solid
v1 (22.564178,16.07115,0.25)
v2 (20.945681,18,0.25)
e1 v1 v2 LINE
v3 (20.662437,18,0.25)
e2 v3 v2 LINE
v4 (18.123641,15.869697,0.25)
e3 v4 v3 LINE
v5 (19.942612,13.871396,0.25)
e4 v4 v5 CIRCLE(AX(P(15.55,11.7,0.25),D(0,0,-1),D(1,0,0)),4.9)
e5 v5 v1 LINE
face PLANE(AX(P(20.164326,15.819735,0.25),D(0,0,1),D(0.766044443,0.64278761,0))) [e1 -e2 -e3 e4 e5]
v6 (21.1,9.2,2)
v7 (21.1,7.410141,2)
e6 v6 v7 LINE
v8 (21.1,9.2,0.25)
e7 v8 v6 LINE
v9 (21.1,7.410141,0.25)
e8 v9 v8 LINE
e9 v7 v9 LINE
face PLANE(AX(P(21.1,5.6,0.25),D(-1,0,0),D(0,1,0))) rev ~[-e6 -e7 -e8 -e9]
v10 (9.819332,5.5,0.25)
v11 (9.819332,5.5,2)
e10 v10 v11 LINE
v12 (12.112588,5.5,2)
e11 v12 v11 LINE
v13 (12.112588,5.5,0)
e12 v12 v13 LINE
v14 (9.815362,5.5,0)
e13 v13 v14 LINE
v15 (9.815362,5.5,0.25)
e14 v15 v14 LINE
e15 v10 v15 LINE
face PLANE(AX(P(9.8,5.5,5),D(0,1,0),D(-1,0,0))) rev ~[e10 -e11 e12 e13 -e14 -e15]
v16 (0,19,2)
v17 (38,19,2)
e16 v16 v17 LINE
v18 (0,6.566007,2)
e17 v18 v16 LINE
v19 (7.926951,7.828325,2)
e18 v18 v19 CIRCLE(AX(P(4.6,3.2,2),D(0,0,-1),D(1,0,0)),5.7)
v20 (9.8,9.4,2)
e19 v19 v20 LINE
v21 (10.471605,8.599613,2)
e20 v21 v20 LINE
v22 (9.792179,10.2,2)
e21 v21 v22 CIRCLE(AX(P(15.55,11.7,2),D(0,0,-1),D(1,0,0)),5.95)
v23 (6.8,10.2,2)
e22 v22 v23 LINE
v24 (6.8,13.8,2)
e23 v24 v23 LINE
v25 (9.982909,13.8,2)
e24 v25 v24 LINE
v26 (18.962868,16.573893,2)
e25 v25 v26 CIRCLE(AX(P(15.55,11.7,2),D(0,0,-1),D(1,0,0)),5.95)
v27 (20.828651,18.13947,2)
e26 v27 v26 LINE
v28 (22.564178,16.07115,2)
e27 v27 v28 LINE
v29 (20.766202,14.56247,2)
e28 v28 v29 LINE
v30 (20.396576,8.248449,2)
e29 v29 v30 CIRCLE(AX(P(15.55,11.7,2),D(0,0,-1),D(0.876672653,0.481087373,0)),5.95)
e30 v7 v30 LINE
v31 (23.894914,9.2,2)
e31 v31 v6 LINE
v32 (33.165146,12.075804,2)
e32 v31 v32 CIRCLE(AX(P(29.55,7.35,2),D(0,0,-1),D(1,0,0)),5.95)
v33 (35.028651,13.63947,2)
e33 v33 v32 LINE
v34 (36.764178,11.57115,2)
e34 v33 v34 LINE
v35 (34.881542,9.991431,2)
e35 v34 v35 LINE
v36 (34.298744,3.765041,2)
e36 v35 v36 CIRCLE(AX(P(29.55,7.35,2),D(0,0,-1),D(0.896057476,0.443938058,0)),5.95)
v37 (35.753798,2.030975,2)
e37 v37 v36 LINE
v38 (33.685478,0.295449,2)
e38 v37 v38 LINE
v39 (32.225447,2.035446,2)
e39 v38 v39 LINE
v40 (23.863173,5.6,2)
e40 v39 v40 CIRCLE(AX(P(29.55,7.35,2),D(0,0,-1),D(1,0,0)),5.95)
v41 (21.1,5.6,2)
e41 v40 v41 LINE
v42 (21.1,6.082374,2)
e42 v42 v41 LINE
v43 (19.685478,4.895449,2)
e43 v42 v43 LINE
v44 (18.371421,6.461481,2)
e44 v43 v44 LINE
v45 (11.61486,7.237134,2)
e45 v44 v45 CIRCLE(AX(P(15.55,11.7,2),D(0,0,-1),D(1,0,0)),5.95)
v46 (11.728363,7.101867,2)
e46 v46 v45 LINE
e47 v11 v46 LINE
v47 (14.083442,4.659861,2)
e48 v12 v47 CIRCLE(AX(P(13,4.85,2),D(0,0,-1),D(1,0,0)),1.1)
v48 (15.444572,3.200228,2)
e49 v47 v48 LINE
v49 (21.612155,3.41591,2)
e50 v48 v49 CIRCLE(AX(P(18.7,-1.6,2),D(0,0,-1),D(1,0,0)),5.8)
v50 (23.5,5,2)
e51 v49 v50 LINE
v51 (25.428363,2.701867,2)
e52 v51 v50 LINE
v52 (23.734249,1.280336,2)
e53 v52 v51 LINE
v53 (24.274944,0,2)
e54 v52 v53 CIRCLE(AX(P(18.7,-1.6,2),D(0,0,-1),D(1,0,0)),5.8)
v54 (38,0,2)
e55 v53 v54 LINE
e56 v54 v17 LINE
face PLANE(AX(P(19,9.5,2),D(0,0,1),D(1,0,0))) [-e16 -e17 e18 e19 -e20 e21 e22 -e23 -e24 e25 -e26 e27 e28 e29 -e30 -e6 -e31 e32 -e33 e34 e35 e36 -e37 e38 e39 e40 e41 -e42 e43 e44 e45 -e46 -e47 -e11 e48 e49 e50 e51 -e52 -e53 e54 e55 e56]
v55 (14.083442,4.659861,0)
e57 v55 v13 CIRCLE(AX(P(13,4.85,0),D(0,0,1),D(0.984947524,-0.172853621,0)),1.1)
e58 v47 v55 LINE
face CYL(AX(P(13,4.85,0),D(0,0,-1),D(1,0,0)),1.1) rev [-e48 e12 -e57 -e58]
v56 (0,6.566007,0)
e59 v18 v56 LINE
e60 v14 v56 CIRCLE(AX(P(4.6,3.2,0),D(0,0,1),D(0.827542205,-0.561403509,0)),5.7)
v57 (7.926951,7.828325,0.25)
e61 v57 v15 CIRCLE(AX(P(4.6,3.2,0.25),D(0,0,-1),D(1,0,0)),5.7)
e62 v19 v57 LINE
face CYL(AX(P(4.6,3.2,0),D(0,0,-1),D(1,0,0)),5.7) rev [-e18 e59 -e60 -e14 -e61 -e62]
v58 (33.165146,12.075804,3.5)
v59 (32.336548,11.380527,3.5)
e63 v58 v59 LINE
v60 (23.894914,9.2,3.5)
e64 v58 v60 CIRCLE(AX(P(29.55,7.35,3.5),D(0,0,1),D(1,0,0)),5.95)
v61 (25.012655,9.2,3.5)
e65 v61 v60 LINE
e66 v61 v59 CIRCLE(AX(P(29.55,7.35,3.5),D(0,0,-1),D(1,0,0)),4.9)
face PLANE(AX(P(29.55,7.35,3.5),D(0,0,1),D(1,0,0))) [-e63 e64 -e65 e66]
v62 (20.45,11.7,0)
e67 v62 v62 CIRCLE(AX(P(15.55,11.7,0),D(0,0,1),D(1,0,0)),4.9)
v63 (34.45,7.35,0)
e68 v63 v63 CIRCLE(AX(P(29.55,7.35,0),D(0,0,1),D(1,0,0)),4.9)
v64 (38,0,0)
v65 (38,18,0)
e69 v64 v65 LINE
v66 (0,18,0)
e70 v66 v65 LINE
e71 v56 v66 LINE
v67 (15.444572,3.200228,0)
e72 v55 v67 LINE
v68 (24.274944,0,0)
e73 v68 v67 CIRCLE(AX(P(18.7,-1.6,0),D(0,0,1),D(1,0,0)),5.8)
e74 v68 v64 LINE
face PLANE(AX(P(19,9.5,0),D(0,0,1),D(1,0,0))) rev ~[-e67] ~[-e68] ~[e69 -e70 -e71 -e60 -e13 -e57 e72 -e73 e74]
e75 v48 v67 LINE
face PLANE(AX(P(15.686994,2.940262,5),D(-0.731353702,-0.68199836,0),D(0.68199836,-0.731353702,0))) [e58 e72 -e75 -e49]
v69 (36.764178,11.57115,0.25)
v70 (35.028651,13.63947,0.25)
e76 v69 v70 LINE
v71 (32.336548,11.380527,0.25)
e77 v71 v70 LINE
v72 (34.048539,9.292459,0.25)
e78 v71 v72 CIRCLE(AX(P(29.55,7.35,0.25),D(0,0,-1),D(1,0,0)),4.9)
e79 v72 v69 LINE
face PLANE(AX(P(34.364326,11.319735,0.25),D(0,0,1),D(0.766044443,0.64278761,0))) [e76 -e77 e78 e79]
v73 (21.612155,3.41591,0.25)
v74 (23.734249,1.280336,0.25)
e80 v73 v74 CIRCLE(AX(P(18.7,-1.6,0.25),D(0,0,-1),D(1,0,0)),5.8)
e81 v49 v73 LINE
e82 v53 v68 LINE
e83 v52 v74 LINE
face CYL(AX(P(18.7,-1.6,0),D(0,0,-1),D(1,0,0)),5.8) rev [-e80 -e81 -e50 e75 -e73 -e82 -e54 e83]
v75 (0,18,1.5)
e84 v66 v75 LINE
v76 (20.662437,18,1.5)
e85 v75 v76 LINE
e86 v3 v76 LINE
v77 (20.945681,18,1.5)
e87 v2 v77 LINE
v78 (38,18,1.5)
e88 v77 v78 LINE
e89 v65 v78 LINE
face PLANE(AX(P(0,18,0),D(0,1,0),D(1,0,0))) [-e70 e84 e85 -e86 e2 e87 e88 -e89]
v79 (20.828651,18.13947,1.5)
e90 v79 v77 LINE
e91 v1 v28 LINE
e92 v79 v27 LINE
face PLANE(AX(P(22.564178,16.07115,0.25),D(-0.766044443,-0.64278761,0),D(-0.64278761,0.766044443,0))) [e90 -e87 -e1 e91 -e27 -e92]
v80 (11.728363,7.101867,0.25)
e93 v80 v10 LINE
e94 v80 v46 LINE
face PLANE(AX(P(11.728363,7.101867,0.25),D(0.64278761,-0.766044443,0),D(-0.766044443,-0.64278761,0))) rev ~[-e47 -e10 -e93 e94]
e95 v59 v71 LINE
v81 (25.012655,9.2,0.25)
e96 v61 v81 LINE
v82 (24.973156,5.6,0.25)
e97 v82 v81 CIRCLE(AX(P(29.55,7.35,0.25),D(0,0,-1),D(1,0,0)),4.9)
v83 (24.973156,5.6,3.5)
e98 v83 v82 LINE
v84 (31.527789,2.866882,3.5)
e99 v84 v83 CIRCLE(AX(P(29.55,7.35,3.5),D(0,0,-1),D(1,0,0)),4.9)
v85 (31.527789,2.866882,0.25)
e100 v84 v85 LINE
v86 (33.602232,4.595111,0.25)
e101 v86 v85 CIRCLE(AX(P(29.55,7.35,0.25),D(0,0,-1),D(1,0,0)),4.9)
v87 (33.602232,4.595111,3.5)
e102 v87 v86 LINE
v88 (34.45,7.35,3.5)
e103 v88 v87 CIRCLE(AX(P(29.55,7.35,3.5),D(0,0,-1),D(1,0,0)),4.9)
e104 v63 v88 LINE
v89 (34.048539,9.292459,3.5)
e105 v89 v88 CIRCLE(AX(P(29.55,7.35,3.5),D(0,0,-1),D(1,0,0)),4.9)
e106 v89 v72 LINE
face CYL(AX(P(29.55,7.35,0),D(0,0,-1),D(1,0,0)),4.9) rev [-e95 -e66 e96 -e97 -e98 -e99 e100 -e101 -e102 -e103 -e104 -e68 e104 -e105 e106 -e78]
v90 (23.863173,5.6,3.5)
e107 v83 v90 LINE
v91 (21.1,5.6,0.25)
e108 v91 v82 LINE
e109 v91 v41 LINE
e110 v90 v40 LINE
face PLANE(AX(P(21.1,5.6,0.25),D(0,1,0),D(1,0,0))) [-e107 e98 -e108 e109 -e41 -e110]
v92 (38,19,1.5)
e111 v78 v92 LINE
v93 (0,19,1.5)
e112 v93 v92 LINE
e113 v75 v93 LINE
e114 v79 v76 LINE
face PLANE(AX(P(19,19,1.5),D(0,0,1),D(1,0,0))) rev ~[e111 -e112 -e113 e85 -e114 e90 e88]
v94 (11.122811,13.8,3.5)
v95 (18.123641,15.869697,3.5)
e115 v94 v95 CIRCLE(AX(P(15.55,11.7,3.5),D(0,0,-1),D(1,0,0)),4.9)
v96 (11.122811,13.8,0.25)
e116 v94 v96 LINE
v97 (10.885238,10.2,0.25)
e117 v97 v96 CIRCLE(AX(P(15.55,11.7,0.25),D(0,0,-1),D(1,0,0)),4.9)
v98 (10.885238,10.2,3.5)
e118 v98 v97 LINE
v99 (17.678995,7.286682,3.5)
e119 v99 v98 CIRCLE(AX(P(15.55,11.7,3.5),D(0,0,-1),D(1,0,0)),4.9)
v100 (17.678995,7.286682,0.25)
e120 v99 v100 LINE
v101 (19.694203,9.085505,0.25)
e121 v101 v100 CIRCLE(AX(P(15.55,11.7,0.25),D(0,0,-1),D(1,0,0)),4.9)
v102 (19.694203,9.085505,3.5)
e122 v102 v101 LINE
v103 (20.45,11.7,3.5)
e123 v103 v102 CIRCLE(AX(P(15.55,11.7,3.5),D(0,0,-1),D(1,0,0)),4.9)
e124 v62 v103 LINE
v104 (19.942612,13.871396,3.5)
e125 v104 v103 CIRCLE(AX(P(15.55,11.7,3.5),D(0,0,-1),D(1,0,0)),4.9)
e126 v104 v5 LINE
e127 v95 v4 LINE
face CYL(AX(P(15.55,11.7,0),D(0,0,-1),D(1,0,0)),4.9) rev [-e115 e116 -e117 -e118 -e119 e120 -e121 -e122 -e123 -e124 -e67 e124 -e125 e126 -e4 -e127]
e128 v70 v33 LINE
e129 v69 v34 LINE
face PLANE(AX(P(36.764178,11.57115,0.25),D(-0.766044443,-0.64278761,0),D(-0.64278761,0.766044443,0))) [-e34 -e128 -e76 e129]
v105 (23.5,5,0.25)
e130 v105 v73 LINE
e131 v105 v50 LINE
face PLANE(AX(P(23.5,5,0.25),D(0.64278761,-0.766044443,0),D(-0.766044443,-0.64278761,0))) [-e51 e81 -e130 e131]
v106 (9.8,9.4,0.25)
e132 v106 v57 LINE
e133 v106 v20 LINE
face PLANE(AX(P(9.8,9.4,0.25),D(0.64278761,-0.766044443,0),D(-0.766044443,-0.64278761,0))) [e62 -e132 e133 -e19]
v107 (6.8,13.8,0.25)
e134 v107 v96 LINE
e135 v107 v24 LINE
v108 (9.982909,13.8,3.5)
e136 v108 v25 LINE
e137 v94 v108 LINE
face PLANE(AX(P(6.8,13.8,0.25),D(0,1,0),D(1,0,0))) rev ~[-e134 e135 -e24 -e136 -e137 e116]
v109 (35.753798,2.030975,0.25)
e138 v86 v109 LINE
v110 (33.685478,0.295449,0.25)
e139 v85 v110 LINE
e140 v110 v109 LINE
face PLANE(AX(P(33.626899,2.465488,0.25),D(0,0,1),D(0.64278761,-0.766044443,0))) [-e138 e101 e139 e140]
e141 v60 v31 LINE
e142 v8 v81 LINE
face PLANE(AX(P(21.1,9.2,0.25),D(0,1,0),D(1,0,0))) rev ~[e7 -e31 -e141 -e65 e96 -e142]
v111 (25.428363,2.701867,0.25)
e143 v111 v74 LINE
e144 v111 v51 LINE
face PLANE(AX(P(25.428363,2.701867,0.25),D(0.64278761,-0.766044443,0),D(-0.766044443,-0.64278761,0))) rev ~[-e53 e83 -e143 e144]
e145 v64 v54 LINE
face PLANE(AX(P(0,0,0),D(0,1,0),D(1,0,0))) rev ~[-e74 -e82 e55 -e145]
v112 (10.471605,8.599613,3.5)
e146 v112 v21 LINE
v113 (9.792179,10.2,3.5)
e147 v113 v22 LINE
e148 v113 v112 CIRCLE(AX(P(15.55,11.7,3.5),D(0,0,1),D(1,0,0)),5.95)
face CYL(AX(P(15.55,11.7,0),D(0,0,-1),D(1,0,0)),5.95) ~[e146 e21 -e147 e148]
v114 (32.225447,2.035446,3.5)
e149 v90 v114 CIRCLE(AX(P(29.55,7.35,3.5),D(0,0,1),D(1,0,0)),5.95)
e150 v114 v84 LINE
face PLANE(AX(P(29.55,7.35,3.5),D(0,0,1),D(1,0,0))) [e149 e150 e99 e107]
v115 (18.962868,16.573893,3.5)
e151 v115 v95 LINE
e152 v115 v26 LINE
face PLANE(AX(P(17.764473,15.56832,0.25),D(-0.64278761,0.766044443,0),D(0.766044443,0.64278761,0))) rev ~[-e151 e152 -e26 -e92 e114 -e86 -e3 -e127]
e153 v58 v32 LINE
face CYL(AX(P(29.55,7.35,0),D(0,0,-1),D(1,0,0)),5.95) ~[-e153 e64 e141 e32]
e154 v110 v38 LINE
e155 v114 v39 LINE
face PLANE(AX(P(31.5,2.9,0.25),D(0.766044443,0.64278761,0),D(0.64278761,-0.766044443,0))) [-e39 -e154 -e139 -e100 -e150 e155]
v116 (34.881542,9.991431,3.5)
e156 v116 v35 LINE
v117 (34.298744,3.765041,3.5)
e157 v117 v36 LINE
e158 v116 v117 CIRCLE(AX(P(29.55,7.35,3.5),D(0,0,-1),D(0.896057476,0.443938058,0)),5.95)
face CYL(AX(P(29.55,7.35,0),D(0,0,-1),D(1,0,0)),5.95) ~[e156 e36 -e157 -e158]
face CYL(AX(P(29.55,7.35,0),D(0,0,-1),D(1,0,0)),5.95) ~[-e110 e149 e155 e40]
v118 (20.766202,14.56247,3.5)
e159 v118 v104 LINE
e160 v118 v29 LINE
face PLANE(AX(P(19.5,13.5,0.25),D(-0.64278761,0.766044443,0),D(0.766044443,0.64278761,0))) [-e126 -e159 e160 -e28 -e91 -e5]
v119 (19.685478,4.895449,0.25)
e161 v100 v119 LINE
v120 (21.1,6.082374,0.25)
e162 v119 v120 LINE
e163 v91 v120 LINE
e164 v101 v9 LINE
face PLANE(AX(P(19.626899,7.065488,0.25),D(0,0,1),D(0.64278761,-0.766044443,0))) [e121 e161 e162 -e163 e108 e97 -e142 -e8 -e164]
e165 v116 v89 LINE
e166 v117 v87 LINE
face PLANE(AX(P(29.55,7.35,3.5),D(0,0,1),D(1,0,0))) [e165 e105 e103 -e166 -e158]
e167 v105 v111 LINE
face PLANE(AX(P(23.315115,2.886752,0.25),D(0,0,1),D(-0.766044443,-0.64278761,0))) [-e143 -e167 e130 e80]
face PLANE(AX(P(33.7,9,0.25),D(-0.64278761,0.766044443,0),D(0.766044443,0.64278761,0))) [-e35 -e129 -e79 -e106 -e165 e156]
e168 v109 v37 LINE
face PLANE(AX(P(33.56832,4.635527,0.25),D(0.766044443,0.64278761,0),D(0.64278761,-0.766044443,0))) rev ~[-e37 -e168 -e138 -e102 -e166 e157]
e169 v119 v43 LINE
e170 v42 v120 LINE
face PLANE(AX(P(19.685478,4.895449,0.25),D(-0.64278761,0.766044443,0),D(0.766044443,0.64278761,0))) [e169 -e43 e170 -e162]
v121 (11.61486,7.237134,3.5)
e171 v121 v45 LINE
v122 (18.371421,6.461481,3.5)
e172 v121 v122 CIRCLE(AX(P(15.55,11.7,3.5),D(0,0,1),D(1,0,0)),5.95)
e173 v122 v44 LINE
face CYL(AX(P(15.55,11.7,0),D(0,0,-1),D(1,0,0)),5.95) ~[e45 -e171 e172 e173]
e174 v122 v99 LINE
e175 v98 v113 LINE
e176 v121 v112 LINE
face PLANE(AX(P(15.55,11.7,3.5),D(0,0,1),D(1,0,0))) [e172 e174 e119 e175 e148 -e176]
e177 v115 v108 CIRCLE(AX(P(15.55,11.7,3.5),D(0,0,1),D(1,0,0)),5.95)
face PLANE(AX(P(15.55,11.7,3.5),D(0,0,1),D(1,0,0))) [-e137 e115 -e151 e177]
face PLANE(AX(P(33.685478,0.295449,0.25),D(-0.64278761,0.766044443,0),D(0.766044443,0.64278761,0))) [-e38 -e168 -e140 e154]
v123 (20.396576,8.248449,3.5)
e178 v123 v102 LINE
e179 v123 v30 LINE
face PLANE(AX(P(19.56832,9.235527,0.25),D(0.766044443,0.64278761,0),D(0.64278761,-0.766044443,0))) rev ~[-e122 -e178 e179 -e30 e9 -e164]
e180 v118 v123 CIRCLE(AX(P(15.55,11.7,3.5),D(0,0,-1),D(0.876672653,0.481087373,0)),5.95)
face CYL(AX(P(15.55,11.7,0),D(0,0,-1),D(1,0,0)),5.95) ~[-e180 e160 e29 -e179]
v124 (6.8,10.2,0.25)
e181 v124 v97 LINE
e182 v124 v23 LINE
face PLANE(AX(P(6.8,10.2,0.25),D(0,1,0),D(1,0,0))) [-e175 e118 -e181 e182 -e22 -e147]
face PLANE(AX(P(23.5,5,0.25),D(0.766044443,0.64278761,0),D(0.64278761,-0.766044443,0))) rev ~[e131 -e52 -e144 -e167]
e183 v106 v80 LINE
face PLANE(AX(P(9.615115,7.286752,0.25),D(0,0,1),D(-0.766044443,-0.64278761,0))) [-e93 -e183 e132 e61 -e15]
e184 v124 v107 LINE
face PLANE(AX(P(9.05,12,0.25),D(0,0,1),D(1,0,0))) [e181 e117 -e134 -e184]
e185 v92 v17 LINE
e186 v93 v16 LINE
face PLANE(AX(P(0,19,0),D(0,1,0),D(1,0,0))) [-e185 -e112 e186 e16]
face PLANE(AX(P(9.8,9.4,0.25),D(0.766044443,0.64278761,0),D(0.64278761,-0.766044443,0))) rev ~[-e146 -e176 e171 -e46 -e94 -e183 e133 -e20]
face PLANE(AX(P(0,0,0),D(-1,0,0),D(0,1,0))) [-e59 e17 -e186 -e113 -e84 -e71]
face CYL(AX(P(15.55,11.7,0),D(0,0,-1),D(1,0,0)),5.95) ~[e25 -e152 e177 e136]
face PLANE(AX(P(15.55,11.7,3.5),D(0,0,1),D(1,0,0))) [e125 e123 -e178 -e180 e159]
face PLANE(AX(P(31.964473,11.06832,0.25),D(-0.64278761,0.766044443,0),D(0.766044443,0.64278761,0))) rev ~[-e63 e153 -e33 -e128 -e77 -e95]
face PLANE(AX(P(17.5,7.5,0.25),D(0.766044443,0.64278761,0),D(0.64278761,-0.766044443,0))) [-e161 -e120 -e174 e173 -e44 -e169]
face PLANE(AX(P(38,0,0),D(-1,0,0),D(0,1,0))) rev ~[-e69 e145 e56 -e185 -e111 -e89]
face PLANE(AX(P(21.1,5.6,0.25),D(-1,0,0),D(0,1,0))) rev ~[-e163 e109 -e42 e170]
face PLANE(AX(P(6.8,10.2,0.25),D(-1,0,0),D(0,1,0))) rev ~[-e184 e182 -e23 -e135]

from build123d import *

# Parameters (mm, degrees)
CYLINDER009_R          = 1.1
CYLINDER009_DEPTH      = 10
CYLINDER008_W          = 7
CYLINDER008_H          = 10
CYLINDER008_ANGLE      = 133
BOX008_W               = 4.5
BOX008_H               = 3.6
BOX008_DEPTH           = 10
BOX009_W               = 4.5
BOX009_H               = 3.6
BOX009_DEPTH           = 10
BOX005_W               = 3.4
BOX005_H               = 2.7
BOX005_DEPTH           = 3.5
BOX005_PLACEMENT_ANGLE = 50
BOX006_W               = 4
BOX006_H               = 2.7
BOX006_DEPTH           = 3.5
BOX006_PLACEMENT_ANGLE = 40
BOX004_W               = 3
BOX004_H               = 3
BOX004_DEPTH           = 3.5
BOX004_PLACEMENT_ANGLE = 220
BOX003_W               = 3
BOX003_H               = 3
BOX003_DEPTH           = 3.5
BOX003_PLACEMENT_ANGLE = 220
BOX001_W               = 3.4
BOX001_H               = 2.7
BOX001_DEPTH           = 3.5
BOX001_PLACEMENT_ANGLE = 50
BOX002_W               = 4
BOX002_H               = 2.7
BOX002_DEPTH           = 3.5
BOX002_PLACEMENT_ANGLE = 40
CYLINDER003_R          = 4.9
CYLINDER003_DEPTH      = 10
CYLINDER002_R          = 5.8
CYLINDER002_DEPTH      = 10
CYLINDER001_R          = 4.9
CYLINDER001_DEPTH      = 10
CYLINDER_R             = 5.7
CYLINDER_DEPTH         = 10
BOX007_W               = 38
BOX007_H               = 2
BOX007_DEPTH           = 1.5
CYLINDER004_R          = 5.95
CYLINDER004_DEPTH      = 3.5
BOX_W                  = 38
BOX_H                  = 19
BOX_DEPTH              = 2
CYLINDER005_R          = 5.95
CYLINDER005_DEPTH      = 3.5


with BuildPart() as cylinder009:
    # Cylinder009 → Cylinder009 (new body)
    with BuildSketch(Plane(origin=(13, 4.85, 0), x_dir=(1, 0, 0), z_dir=(0, 0, 1))):
        Circle(CYLINDER009_R)
    extrude(amount=CYLINDER009_DEPTH)


with BuildPart() as fusion002:
    # Cylinder008 → Cylinder008 (revolve)
    with BuildSketch(Plane(origin=(13.3, 5.5, 0), x_dir=(-1, 0, 0), z_dir=(0, 1, 0))):
        with Locations((3.5, 5)):
            Rectangle(CYLINDER008_W, CYLINDER008_H)
    revolve(axis=Axis((13.3, 5.5, 0), (0, 0, 1)), revolution_arc=CYLINDER008_ANGLE)

    # Fusion002: union Cylinder009
    add(cylinder009.part)


with BuildPart() as cube001_x_button_well_left_cutter:
    # Box008 → Box008 (new body)
    with BuildSketch(Plane(origin=(6.8, 10.2, 0.25), x_dir=(1, 0, 0), z_dir=(0, 0, 1))):
        with Locations((2.25, 1.8)):
            Rectangle(BOX008_W, BOX008_H)
    extrude(amount=BOX008_DEPTH)


with BuildPart() as cube002_y_button_well_left_cutter:
    # Box009 → Box009 (new body)
    with BuildSketch(Plane(origin=(21.1, 5.6, 0.25), x_dir=(1, 0, 0), z_dir=(0, 0, 1))):
        with Locations((2.25, 1.8)):
            Rectangle(BOX009_W, BOX009_H)
    extrude(amount=BOX009_DEPTH)


with BuildPart() as box005:
    # Box005 → Box005 (new body)
    with BuildSketch(Plane.XY):
        with Locations((1.7, 1.35)):
            Rectangle(BOX005_W, BOX005_H)
    extrude(amount=BOX005_DEPTH)


with BuildPart() as box005_1:
    # Box005 placement: moved
    add(box005.part.moved(Location((17.5, 7.5, 0.25))).rotate(Axis((17.5, 7.5, 0.25), (0, 0, -1)), BOX005_PLACEMENT_ANGLE))


with BuildPart() as box006:
    # Box006 → Box006 (new body)
    with BuildSketch(Plane.XY):
        with Locations((2, 1.35)):
            Rectangle(BOX006_W, BOX006_H)
    extrude(amount=BOX006_DEPTH)


with BuildPart() as box006_1:
    # Box006 placement: moved
    add(box006.part.moved(Location((33.7, 9, 0.25))).rotate(Axis((33.7, 9, 0.25), (0, 0, 1)), BOX006_PLACEMENT_ANGLE))


with BuildPart() as cube001_a_button_well_cutter:
    # Box004 → Box004 (new body)
    with BuildSketch(Plane.XY):
        with Locations((1.5, 1.5)):
            Rectangle(BOX004_W, BOX004_H)
    extrude(amount=BOX004_DEPTH)


with BuildPart() as cube001_a_button_well_cutter_1:
    # Box004 placement: moved
    add(cube001_a_button_well_cutter.part.moved(Location((9.8, 9.4, 0.25))).rotate(Axis((9.8, 9.4, 0.25), (0, 0, 1)), BOX004_PLACEMENT_ANGLE))


with BuildPart() as cube001_b_button_well_cutter:
    # Box003 → Box003 (new body)
    with BuildSketch(Plane.XY):
        with Locations((1.5, 1.5)):
            Rectangle(BOX003_W, BOX003_H)
    extrude(amount=BOX003_DEPTH)


with BuildPart() as cube001_b_button_well_cutter_1:
    # Box003 placement: moved
    add(cube001_b_button_well_cutter.part.moved(Location((23.5, 5, 0.25))).rotate(Axis((23.5, 5, 0.25), (0, 0, 1)), BOX003_PLACEMENT_ANGLE))


with BuildPart() as box001:
    # Box001 → Box001 (new body)
    with BuildSketch(Plane.XY):
        with Locations((1.7, 1.35)):
            Rectangle(BOX001_W, BOX001_H)
    extrude(amount=BOX001_DEPTH)


with BuildPart() as box001_1:
    # Box001 placement: moved
    add(box001.part.moved(Location((31.5, 2.9, 0.25))).rotate(Axis((31.5, 2.9, 0.25), (0, 0, -1)), BOX001_PLACEMENT_ANGLE))


with BuildPart() as cube001_y_button_well_right_top_cutter:
    # Box002 → Box002 (new body)
    with BuildSketch(Plane.XY):
        with Locations((2, 1.35)):
            Rectangle(BOX002_W, BOX002_H)
    extrude(amount=BOX002_DEPTH)


with BuildPart() as cube001_y_button_well_right_top_cutter_1:
    # Box002 placement: moved
    add(cube001_y_button_well_right_top_cutter.part.moved(Location((19.5, 13.5, 0.25))).rotate(Axis((19.5, 13.5, 0.25), (0, 0, 1)), BOX002_PLACEMENT_ANGLE))


with BuildPart() as cylinder_y_button_well_inner:
    # Cylinder003 → Cylinder003 (new body)
    with BuildSketch(Plane(origin=(29.55, 7.35, 0), x_dir=(1, 0, 0), z_dir=(0, 0, 1))):
        Circle(CYLINDER003_R)
    extrude(amount=CYLINDER003_DEPTH)


with BuildPart() as cylinder_b_button_well_inner:
    # Cylinder002 → Cylinder002 (new body)
    with BuildSketch(Plane(origin=(18.7, -1.6, 0), x_dir=(1, 0, 0), z_dir=(0, 0, 1))):
        Circle(CYLINDER002_R)
    extrude(amount=CYLINDER002_DEPTH)


with BuildPart() as cylinder_x_button_well_inner:
    # Cylinder001 → Cylinder001 (new body)
    with BuildSketch(Plane(origin=(15.55, 11.7, 0), x_dir=(1, 0, 0), z_dir=(0, 0, 1))):
        Circle(CYLINDER001_R)
    extrude(amount=CYLINDER001_DEPTH)


with BuildPart() as cylinder_a_button_well_inner:
    # Cylinder → Cylinder (new body)
    with BuildSketch(Plane(origin=(4.6, 3.2, 0), x_dir=(1, 0, 0), z_dir=(0, 0, 1))):
        Circle(CYLINDER_R)
    extrude(amount=CYLINDER_DEPTH)


with BuildPart() as fusion001:
    # Box007 → Box007 (new body)
    with BuildSketch(Plane(origin=(0, 18, 0), x_dir=(1, 0, 0), z_dir=(0, 0, 1))):
        with Locations((19, 1)):
            Rectangle(BOX007_W, BOX007_H)
    extrude(amount=BOX007_DEPTH)

    # Fusion001: union Cube001(x_button_well_left_cutter), Cube002(y_button_well_left_cutter), Box005, Box006, Cube001(a_button_well_cutter), Cube001(b_button_well_cutter), Box001, Cube001(y_button_well_right_top_cutter), Cylinder(y_button_well_inner), Cylinder(b_button_well_inner), Cylinder(x_button_well_inner), Cylinder(a_button_well_inner)
    add(cube001_x_button_well_left_cutter.part)
    add(cube002_y_button_well_left_cutter.part)
    add(box005_1.part)
    add(box006_1.part)
    add(cube001_a_button_well_cutter_1.part)
    add(cube001_b_button_well_cutter_1.part)
    add(box001_1.part)
    add(cube001_y_button_well_right_top_cutter_1.part)
    add(cylinder_y_button_well_inner.part)
    add(cylinder_b_button_well_inner.part)
    add(cylinder_x_button_well_inner.part)
    add(cylinder_a_button_well_inner.part)


with BuildPart() as cylinder_x_button_well_outer:
    # Cylinder004 → Cylinder004 (new body)
    with BuildSketch(Plane(origin=(15.55, 11.7, 0), x_dir=(1, 0, 0), z_dir=(0, 0, 1))):
        Circle(CYLINDER004_R)
    extrude(amount=CYLINDER004_DEPTH)


with BuildPart() as cube:
    # Box → Box (new body)
    with BuildSketch(Plane.XY):
        with Locations((19, 9.5)):
            Rectangle(BOX_W, BOX_H)
    extrude(amount=BOX_DEPTH)


with BuildPart() as cut001:
    # Cylinder005 → Cylinder005 (new body)
    with BuildSketch(Plane(origin=(29.55, 7.35, 0), x_dir=(1, 0, 0), z_dir=(0, 0, 1))):
        Circle(CYLINDER005_R)
    extrude(amount=CYLINDER005_DEPTH)

    # Fusion: union Cylinder(x_button_well_outer), Cube
    add(cylinder_x_button_well_outer.part)
    add(cube.part)

    # Cut: cut Fusion001
    add(fusion001.part, mode=Mode.SUBTRACT)

    # Cut001: cut Fusion002
    add(fusion002.part, mode=Mode.SUBTRACT)


solid = cut001.part
